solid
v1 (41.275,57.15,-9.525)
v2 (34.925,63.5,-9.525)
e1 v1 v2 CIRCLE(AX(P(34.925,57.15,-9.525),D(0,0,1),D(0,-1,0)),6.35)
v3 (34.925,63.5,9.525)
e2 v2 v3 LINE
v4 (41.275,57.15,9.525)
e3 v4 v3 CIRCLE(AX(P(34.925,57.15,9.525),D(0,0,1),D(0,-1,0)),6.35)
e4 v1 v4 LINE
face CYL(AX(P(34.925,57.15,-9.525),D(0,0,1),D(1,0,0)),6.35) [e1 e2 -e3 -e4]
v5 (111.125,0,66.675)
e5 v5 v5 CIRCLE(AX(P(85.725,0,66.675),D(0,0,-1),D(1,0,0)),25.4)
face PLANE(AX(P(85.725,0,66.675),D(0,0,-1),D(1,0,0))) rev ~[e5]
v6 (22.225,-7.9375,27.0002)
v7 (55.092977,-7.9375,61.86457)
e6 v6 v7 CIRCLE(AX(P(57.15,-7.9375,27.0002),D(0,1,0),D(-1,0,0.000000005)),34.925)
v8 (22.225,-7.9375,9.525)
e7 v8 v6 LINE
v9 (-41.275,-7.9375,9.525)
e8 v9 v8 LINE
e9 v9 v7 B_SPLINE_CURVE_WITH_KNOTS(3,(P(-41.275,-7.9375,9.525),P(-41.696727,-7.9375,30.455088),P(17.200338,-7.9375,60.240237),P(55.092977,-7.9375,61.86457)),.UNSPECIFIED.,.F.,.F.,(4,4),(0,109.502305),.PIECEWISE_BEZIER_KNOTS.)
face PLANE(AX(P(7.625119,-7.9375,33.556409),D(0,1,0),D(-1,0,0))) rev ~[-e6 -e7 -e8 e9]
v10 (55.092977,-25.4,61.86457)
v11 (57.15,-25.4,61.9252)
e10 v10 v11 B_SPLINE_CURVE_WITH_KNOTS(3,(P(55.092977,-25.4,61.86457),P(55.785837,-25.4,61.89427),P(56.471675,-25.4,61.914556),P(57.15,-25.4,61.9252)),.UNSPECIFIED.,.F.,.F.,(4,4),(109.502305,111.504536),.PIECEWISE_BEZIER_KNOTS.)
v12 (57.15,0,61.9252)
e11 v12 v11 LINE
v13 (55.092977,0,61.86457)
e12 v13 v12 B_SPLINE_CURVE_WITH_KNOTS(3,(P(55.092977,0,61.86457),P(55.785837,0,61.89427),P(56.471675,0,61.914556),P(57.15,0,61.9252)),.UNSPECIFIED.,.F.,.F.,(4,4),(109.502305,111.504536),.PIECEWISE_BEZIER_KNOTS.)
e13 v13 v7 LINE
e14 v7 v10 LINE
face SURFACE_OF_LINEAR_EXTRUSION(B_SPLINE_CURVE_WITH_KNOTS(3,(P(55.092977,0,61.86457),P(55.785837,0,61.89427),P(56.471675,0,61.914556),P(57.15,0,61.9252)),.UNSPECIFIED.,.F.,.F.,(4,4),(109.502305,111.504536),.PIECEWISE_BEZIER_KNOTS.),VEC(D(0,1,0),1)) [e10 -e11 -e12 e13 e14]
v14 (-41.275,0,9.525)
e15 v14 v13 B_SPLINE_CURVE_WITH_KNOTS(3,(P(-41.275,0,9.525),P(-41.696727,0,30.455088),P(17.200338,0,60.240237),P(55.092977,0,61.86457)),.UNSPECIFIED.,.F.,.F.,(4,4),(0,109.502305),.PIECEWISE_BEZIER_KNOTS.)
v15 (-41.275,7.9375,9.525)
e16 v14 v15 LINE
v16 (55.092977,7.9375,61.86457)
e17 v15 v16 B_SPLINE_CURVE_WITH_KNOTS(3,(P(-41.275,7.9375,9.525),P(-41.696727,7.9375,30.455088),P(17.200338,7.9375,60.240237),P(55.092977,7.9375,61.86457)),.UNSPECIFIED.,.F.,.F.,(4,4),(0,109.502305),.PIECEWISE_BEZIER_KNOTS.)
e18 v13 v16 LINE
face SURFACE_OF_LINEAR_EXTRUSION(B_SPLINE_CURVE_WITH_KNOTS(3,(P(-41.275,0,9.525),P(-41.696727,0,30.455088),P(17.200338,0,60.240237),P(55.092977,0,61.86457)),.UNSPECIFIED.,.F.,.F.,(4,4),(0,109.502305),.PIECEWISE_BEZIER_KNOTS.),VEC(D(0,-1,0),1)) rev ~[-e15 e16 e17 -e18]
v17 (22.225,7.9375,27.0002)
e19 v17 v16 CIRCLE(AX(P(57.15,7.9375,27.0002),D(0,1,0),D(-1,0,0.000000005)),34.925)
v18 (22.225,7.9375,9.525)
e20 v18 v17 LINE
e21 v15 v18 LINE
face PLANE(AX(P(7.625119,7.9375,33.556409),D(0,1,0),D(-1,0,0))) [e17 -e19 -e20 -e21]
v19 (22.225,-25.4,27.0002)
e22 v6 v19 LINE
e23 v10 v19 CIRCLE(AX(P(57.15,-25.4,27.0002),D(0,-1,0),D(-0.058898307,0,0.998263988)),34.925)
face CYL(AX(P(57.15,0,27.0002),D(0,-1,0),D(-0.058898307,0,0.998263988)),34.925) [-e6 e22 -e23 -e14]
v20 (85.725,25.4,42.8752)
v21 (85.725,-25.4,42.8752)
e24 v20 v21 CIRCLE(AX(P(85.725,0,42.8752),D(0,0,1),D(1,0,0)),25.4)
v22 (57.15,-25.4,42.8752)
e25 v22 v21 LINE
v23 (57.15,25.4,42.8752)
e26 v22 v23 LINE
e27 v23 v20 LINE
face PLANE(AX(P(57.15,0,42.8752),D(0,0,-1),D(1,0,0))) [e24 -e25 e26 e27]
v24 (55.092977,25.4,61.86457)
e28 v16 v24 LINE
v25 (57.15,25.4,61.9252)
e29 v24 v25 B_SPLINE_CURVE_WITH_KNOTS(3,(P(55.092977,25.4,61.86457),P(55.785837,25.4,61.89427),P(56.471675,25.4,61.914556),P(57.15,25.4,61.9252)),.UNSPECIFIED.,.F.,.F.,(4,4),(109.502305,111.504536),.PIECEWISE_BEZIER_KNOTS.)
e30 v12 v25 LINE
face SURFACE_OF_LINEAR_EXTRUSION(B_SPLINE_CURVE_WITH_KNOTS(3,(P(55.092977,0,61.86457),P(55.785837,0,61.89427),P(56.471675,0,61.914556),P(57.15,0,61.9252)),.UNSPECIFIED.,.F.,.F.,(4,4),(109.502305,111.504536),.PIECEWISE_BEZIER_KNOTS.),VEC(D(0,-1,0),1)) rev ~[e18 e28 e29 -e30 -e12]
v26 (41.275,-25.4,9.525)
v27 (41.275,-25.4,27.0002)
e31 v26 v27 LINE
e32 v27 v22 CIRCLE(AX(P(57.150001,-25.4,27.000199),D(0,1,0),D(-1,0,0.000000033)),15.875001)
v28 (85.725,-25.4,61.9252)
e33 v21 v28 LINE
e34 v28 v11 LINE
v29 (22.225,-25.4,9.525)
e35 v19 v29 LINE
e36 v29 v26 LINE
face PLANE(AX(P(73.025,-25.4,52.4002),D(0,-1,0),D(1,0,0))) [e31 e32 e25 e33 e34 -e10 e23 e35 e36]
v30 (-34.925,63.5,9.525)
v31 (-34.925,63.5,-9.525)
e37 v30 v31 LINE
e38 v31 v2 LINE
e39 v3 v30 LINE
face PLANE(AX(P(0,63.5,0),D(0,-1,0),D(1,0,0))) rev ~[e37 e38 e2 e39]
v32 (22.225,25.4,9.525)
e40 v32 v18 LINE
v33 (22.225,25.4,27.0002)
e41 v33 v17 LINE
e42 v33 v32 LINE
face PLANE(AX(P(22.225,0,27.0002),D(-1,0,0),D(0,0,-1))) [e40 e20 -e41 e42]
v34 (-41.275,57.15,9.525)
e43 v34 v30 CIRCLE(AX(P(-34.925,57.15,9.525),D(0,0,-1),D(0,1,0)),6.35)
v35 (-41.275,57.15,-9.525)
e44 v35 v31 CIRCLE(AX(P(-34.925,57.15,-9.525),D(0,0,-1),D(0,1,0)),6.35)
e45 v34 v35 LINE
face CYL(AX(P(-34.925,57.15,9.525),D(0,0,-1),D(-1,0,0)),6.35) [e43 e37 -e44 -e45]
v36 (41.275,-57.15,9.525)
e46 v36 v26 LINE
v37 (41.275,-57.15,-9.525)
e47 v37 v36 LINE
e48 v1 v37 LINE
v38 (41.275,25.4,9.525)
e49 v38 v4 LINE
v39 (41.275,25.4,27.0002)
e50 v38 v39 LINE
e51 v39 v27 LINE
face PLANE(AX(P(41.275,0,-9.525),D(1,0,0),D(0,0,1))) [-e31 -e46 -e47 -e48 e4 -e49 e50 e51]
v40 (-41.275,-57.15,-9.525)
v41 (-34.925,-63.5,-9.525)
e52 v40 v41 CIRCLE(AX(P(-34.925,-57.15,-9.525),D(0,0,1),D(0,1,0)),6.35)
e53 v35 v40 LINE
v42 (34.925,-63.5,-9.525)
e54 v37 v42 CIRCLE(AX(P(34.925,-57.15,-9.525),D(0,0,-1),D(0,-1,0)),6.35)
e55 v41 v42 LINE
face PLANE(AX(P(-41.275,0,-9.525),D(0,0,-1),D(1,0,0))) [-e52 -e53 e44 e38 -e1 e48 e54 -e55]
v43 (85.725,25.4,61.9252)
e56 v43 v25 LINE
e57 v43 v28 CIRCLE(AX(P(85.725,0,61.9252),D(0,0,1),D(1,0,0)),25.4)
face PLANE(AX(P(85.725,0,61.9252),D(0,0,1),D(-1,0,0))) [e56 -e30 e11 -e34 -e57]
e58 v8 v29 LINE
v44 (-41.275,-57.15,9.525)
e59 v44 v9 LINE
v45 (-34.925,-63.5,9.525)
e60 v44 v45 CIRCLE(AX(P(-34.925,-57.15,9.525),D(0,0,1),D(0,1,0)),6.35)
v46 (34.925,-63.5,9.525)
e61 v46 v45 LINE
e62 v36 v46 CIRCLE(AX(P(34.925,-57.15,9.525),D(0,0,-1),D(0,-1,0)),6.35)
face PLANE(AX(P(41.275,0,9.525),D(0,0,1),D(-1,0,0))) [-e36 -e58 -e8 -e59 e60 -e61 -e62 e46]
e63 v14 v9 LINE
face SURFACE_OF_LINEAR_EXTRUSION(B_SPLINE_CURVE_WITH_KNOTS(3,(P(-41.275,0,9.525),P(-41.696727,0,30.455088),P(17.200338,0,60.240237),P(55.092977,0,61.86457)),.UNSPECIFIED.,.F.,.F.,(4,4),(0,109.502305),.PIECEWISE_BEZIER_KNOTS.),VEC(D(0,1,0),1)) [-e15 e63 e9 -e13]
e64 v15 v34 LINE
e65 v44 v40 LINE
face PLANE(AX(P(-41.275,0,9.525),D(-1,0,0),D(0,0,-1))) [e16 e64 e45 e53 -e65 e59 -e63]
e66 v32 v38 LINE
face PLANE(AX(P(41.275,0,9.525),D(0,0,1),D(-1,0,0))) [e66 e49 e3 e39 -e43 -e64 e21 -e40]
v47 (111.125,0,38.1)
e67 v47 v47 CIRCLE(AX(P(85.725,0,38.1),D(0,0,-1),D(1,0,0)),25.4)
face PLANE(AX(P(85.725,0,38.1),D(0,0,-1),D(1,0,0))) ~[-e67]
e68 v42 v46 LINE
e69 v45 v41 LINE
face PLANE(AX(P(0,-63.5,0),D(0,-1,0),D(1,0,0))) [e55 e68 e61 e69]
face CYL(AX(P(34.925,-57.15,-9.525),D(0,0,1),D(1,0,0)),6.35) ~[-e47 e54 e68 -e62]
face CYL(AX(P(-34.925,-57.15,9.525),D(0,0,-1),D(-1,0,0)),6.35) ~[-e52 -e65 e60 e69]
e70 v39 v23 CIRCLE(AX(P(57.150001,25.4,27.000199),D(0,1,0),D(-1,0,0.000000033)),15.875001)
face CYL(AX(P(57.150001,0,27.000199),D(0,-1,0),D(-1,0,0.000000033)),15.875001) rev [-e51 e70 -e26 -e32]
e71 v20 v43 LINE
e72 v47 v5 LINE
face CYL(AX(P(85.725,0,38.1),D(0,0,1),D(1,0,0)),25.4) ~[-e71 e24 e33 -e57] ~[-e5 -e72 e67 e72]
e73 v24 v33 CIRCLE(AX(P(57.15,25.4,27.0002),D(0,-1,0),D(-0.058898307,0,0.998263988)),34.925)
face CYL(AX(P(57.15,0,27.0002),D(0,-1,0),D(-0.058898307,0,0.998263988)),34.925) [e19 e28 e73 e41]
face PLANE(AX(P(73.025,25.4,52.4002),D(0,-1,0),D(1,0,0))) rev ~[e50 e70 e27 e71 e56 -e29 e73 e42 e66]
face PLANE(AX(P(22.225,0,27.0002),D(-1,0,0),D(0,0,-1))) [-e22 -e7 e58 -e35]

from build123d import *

# Parameters (mm, degrees)
F1_DEPTH = 63.5
F2_DEPTH = 25.4
F3_DEPTH = 7.9375
F5_R     = 6.35


with BuildPart() as f1:
    # F0 (on Front) → F1 (new body, symmetric)
    with BuildSketch(Plane.XZ):
        Polygon((-41.275, 9.525), (-41.275, -9.525), (41.275, -9.525), (41.275, 9.525), (22.225, 9.525), align=None)
    extrude(amount=F1_DEPTH, both=True)

    # F0 (on Front) → F2 (join, symmetric)
    with BuildSketch(Plane.XZ):
        Polygon((85.725, 61.9252), (60.325, 61.9252), (60.325, 42.8752), (85.725, 42.8752), (85.725, 52.3875), align=None)
        with BuildLine():
            Line((22.225, 9.525), (41.275, 9.525))
            Line((41.275, 9.525), (41.275, 27.0002))
            ThreePointArc((41.275, 27.0002), (45.92468, 38.22552), (57.15, 42.8752))
            Line((57.15, 42.8752), (60.325, 42.8752))
            Line((60.325, 42.8752), (60.325, 61.9252))
            Line((60.325, 61.9252), (57.15, 61.9252))
            add(Edge.make_bspline(
                [(55.092977, 61.86457), (55.785837, 61.89427), (56.471675, 61.914556), (57.15, 61.9252)],
                knots=[109.502305, 109.502305, 109.502305, 109.502305, 111.504536, 111.504536, 111.504536, 111.504536], degree=3))
            ThreePointArc((55.092977, 61.86457), (31.737433, 50.957601), (22.225, 27.0002))
            Line((22.225, 27.0002), (22.225, 9.525))
        make_face()
    extrude(amount=F2_DEPTH, both=True)

    # F0 (on Front) → F3 (join, symmetric)
    with BuildSketch(Plane.XZ):
        with BuildLine():
            add(Edge.make_bspline(
                [(-41.275, 9.525), (-41.696727, 30.455088), (17.200338, 60.240237), (55.092977, 61.86457)],
                knots=[0, 0, 0, 0, 109.502305, 109.502305, 109.502305, 109.502305], degree=3))
            Line((-41.275, 9.525), (22.225, 9.525))
            Line((22.225, 9.525), (22.225, 27.0002))
            ThreePointArc((22.225, 27.0002), (31.737433, 50.957601), (55.092977, 61.86457))
        make_face()
    extrude(amount=F3_DEPTH, both=True)

    # F0 (on Front) → F4 (revolve)
    with BuildSketch(Plane.XZ):
        Polygon((85.725, 66.675), (85.725, 61.9252), (85.725, 52.3875), (85.725, 42.8752), (85.725, 38.1), (111.125, 38.1), (111.125, 66.675), align=None)
    revolve(axis=Axis((85.725, 0, 47.63135), (0, 0, -1)))

    # F5
    f5_edges = [f1.edges().sort_by_distance(p)[0] for p in [
        (-41.275, -63.5, 0),
        (41.275, 63.5, 0),
        (41.275, -63.5, 0),
        (-41.275, 63.5, 0),
    ]]
    fillet(f5_edges, radius=F5_R)


solid = f1.part
